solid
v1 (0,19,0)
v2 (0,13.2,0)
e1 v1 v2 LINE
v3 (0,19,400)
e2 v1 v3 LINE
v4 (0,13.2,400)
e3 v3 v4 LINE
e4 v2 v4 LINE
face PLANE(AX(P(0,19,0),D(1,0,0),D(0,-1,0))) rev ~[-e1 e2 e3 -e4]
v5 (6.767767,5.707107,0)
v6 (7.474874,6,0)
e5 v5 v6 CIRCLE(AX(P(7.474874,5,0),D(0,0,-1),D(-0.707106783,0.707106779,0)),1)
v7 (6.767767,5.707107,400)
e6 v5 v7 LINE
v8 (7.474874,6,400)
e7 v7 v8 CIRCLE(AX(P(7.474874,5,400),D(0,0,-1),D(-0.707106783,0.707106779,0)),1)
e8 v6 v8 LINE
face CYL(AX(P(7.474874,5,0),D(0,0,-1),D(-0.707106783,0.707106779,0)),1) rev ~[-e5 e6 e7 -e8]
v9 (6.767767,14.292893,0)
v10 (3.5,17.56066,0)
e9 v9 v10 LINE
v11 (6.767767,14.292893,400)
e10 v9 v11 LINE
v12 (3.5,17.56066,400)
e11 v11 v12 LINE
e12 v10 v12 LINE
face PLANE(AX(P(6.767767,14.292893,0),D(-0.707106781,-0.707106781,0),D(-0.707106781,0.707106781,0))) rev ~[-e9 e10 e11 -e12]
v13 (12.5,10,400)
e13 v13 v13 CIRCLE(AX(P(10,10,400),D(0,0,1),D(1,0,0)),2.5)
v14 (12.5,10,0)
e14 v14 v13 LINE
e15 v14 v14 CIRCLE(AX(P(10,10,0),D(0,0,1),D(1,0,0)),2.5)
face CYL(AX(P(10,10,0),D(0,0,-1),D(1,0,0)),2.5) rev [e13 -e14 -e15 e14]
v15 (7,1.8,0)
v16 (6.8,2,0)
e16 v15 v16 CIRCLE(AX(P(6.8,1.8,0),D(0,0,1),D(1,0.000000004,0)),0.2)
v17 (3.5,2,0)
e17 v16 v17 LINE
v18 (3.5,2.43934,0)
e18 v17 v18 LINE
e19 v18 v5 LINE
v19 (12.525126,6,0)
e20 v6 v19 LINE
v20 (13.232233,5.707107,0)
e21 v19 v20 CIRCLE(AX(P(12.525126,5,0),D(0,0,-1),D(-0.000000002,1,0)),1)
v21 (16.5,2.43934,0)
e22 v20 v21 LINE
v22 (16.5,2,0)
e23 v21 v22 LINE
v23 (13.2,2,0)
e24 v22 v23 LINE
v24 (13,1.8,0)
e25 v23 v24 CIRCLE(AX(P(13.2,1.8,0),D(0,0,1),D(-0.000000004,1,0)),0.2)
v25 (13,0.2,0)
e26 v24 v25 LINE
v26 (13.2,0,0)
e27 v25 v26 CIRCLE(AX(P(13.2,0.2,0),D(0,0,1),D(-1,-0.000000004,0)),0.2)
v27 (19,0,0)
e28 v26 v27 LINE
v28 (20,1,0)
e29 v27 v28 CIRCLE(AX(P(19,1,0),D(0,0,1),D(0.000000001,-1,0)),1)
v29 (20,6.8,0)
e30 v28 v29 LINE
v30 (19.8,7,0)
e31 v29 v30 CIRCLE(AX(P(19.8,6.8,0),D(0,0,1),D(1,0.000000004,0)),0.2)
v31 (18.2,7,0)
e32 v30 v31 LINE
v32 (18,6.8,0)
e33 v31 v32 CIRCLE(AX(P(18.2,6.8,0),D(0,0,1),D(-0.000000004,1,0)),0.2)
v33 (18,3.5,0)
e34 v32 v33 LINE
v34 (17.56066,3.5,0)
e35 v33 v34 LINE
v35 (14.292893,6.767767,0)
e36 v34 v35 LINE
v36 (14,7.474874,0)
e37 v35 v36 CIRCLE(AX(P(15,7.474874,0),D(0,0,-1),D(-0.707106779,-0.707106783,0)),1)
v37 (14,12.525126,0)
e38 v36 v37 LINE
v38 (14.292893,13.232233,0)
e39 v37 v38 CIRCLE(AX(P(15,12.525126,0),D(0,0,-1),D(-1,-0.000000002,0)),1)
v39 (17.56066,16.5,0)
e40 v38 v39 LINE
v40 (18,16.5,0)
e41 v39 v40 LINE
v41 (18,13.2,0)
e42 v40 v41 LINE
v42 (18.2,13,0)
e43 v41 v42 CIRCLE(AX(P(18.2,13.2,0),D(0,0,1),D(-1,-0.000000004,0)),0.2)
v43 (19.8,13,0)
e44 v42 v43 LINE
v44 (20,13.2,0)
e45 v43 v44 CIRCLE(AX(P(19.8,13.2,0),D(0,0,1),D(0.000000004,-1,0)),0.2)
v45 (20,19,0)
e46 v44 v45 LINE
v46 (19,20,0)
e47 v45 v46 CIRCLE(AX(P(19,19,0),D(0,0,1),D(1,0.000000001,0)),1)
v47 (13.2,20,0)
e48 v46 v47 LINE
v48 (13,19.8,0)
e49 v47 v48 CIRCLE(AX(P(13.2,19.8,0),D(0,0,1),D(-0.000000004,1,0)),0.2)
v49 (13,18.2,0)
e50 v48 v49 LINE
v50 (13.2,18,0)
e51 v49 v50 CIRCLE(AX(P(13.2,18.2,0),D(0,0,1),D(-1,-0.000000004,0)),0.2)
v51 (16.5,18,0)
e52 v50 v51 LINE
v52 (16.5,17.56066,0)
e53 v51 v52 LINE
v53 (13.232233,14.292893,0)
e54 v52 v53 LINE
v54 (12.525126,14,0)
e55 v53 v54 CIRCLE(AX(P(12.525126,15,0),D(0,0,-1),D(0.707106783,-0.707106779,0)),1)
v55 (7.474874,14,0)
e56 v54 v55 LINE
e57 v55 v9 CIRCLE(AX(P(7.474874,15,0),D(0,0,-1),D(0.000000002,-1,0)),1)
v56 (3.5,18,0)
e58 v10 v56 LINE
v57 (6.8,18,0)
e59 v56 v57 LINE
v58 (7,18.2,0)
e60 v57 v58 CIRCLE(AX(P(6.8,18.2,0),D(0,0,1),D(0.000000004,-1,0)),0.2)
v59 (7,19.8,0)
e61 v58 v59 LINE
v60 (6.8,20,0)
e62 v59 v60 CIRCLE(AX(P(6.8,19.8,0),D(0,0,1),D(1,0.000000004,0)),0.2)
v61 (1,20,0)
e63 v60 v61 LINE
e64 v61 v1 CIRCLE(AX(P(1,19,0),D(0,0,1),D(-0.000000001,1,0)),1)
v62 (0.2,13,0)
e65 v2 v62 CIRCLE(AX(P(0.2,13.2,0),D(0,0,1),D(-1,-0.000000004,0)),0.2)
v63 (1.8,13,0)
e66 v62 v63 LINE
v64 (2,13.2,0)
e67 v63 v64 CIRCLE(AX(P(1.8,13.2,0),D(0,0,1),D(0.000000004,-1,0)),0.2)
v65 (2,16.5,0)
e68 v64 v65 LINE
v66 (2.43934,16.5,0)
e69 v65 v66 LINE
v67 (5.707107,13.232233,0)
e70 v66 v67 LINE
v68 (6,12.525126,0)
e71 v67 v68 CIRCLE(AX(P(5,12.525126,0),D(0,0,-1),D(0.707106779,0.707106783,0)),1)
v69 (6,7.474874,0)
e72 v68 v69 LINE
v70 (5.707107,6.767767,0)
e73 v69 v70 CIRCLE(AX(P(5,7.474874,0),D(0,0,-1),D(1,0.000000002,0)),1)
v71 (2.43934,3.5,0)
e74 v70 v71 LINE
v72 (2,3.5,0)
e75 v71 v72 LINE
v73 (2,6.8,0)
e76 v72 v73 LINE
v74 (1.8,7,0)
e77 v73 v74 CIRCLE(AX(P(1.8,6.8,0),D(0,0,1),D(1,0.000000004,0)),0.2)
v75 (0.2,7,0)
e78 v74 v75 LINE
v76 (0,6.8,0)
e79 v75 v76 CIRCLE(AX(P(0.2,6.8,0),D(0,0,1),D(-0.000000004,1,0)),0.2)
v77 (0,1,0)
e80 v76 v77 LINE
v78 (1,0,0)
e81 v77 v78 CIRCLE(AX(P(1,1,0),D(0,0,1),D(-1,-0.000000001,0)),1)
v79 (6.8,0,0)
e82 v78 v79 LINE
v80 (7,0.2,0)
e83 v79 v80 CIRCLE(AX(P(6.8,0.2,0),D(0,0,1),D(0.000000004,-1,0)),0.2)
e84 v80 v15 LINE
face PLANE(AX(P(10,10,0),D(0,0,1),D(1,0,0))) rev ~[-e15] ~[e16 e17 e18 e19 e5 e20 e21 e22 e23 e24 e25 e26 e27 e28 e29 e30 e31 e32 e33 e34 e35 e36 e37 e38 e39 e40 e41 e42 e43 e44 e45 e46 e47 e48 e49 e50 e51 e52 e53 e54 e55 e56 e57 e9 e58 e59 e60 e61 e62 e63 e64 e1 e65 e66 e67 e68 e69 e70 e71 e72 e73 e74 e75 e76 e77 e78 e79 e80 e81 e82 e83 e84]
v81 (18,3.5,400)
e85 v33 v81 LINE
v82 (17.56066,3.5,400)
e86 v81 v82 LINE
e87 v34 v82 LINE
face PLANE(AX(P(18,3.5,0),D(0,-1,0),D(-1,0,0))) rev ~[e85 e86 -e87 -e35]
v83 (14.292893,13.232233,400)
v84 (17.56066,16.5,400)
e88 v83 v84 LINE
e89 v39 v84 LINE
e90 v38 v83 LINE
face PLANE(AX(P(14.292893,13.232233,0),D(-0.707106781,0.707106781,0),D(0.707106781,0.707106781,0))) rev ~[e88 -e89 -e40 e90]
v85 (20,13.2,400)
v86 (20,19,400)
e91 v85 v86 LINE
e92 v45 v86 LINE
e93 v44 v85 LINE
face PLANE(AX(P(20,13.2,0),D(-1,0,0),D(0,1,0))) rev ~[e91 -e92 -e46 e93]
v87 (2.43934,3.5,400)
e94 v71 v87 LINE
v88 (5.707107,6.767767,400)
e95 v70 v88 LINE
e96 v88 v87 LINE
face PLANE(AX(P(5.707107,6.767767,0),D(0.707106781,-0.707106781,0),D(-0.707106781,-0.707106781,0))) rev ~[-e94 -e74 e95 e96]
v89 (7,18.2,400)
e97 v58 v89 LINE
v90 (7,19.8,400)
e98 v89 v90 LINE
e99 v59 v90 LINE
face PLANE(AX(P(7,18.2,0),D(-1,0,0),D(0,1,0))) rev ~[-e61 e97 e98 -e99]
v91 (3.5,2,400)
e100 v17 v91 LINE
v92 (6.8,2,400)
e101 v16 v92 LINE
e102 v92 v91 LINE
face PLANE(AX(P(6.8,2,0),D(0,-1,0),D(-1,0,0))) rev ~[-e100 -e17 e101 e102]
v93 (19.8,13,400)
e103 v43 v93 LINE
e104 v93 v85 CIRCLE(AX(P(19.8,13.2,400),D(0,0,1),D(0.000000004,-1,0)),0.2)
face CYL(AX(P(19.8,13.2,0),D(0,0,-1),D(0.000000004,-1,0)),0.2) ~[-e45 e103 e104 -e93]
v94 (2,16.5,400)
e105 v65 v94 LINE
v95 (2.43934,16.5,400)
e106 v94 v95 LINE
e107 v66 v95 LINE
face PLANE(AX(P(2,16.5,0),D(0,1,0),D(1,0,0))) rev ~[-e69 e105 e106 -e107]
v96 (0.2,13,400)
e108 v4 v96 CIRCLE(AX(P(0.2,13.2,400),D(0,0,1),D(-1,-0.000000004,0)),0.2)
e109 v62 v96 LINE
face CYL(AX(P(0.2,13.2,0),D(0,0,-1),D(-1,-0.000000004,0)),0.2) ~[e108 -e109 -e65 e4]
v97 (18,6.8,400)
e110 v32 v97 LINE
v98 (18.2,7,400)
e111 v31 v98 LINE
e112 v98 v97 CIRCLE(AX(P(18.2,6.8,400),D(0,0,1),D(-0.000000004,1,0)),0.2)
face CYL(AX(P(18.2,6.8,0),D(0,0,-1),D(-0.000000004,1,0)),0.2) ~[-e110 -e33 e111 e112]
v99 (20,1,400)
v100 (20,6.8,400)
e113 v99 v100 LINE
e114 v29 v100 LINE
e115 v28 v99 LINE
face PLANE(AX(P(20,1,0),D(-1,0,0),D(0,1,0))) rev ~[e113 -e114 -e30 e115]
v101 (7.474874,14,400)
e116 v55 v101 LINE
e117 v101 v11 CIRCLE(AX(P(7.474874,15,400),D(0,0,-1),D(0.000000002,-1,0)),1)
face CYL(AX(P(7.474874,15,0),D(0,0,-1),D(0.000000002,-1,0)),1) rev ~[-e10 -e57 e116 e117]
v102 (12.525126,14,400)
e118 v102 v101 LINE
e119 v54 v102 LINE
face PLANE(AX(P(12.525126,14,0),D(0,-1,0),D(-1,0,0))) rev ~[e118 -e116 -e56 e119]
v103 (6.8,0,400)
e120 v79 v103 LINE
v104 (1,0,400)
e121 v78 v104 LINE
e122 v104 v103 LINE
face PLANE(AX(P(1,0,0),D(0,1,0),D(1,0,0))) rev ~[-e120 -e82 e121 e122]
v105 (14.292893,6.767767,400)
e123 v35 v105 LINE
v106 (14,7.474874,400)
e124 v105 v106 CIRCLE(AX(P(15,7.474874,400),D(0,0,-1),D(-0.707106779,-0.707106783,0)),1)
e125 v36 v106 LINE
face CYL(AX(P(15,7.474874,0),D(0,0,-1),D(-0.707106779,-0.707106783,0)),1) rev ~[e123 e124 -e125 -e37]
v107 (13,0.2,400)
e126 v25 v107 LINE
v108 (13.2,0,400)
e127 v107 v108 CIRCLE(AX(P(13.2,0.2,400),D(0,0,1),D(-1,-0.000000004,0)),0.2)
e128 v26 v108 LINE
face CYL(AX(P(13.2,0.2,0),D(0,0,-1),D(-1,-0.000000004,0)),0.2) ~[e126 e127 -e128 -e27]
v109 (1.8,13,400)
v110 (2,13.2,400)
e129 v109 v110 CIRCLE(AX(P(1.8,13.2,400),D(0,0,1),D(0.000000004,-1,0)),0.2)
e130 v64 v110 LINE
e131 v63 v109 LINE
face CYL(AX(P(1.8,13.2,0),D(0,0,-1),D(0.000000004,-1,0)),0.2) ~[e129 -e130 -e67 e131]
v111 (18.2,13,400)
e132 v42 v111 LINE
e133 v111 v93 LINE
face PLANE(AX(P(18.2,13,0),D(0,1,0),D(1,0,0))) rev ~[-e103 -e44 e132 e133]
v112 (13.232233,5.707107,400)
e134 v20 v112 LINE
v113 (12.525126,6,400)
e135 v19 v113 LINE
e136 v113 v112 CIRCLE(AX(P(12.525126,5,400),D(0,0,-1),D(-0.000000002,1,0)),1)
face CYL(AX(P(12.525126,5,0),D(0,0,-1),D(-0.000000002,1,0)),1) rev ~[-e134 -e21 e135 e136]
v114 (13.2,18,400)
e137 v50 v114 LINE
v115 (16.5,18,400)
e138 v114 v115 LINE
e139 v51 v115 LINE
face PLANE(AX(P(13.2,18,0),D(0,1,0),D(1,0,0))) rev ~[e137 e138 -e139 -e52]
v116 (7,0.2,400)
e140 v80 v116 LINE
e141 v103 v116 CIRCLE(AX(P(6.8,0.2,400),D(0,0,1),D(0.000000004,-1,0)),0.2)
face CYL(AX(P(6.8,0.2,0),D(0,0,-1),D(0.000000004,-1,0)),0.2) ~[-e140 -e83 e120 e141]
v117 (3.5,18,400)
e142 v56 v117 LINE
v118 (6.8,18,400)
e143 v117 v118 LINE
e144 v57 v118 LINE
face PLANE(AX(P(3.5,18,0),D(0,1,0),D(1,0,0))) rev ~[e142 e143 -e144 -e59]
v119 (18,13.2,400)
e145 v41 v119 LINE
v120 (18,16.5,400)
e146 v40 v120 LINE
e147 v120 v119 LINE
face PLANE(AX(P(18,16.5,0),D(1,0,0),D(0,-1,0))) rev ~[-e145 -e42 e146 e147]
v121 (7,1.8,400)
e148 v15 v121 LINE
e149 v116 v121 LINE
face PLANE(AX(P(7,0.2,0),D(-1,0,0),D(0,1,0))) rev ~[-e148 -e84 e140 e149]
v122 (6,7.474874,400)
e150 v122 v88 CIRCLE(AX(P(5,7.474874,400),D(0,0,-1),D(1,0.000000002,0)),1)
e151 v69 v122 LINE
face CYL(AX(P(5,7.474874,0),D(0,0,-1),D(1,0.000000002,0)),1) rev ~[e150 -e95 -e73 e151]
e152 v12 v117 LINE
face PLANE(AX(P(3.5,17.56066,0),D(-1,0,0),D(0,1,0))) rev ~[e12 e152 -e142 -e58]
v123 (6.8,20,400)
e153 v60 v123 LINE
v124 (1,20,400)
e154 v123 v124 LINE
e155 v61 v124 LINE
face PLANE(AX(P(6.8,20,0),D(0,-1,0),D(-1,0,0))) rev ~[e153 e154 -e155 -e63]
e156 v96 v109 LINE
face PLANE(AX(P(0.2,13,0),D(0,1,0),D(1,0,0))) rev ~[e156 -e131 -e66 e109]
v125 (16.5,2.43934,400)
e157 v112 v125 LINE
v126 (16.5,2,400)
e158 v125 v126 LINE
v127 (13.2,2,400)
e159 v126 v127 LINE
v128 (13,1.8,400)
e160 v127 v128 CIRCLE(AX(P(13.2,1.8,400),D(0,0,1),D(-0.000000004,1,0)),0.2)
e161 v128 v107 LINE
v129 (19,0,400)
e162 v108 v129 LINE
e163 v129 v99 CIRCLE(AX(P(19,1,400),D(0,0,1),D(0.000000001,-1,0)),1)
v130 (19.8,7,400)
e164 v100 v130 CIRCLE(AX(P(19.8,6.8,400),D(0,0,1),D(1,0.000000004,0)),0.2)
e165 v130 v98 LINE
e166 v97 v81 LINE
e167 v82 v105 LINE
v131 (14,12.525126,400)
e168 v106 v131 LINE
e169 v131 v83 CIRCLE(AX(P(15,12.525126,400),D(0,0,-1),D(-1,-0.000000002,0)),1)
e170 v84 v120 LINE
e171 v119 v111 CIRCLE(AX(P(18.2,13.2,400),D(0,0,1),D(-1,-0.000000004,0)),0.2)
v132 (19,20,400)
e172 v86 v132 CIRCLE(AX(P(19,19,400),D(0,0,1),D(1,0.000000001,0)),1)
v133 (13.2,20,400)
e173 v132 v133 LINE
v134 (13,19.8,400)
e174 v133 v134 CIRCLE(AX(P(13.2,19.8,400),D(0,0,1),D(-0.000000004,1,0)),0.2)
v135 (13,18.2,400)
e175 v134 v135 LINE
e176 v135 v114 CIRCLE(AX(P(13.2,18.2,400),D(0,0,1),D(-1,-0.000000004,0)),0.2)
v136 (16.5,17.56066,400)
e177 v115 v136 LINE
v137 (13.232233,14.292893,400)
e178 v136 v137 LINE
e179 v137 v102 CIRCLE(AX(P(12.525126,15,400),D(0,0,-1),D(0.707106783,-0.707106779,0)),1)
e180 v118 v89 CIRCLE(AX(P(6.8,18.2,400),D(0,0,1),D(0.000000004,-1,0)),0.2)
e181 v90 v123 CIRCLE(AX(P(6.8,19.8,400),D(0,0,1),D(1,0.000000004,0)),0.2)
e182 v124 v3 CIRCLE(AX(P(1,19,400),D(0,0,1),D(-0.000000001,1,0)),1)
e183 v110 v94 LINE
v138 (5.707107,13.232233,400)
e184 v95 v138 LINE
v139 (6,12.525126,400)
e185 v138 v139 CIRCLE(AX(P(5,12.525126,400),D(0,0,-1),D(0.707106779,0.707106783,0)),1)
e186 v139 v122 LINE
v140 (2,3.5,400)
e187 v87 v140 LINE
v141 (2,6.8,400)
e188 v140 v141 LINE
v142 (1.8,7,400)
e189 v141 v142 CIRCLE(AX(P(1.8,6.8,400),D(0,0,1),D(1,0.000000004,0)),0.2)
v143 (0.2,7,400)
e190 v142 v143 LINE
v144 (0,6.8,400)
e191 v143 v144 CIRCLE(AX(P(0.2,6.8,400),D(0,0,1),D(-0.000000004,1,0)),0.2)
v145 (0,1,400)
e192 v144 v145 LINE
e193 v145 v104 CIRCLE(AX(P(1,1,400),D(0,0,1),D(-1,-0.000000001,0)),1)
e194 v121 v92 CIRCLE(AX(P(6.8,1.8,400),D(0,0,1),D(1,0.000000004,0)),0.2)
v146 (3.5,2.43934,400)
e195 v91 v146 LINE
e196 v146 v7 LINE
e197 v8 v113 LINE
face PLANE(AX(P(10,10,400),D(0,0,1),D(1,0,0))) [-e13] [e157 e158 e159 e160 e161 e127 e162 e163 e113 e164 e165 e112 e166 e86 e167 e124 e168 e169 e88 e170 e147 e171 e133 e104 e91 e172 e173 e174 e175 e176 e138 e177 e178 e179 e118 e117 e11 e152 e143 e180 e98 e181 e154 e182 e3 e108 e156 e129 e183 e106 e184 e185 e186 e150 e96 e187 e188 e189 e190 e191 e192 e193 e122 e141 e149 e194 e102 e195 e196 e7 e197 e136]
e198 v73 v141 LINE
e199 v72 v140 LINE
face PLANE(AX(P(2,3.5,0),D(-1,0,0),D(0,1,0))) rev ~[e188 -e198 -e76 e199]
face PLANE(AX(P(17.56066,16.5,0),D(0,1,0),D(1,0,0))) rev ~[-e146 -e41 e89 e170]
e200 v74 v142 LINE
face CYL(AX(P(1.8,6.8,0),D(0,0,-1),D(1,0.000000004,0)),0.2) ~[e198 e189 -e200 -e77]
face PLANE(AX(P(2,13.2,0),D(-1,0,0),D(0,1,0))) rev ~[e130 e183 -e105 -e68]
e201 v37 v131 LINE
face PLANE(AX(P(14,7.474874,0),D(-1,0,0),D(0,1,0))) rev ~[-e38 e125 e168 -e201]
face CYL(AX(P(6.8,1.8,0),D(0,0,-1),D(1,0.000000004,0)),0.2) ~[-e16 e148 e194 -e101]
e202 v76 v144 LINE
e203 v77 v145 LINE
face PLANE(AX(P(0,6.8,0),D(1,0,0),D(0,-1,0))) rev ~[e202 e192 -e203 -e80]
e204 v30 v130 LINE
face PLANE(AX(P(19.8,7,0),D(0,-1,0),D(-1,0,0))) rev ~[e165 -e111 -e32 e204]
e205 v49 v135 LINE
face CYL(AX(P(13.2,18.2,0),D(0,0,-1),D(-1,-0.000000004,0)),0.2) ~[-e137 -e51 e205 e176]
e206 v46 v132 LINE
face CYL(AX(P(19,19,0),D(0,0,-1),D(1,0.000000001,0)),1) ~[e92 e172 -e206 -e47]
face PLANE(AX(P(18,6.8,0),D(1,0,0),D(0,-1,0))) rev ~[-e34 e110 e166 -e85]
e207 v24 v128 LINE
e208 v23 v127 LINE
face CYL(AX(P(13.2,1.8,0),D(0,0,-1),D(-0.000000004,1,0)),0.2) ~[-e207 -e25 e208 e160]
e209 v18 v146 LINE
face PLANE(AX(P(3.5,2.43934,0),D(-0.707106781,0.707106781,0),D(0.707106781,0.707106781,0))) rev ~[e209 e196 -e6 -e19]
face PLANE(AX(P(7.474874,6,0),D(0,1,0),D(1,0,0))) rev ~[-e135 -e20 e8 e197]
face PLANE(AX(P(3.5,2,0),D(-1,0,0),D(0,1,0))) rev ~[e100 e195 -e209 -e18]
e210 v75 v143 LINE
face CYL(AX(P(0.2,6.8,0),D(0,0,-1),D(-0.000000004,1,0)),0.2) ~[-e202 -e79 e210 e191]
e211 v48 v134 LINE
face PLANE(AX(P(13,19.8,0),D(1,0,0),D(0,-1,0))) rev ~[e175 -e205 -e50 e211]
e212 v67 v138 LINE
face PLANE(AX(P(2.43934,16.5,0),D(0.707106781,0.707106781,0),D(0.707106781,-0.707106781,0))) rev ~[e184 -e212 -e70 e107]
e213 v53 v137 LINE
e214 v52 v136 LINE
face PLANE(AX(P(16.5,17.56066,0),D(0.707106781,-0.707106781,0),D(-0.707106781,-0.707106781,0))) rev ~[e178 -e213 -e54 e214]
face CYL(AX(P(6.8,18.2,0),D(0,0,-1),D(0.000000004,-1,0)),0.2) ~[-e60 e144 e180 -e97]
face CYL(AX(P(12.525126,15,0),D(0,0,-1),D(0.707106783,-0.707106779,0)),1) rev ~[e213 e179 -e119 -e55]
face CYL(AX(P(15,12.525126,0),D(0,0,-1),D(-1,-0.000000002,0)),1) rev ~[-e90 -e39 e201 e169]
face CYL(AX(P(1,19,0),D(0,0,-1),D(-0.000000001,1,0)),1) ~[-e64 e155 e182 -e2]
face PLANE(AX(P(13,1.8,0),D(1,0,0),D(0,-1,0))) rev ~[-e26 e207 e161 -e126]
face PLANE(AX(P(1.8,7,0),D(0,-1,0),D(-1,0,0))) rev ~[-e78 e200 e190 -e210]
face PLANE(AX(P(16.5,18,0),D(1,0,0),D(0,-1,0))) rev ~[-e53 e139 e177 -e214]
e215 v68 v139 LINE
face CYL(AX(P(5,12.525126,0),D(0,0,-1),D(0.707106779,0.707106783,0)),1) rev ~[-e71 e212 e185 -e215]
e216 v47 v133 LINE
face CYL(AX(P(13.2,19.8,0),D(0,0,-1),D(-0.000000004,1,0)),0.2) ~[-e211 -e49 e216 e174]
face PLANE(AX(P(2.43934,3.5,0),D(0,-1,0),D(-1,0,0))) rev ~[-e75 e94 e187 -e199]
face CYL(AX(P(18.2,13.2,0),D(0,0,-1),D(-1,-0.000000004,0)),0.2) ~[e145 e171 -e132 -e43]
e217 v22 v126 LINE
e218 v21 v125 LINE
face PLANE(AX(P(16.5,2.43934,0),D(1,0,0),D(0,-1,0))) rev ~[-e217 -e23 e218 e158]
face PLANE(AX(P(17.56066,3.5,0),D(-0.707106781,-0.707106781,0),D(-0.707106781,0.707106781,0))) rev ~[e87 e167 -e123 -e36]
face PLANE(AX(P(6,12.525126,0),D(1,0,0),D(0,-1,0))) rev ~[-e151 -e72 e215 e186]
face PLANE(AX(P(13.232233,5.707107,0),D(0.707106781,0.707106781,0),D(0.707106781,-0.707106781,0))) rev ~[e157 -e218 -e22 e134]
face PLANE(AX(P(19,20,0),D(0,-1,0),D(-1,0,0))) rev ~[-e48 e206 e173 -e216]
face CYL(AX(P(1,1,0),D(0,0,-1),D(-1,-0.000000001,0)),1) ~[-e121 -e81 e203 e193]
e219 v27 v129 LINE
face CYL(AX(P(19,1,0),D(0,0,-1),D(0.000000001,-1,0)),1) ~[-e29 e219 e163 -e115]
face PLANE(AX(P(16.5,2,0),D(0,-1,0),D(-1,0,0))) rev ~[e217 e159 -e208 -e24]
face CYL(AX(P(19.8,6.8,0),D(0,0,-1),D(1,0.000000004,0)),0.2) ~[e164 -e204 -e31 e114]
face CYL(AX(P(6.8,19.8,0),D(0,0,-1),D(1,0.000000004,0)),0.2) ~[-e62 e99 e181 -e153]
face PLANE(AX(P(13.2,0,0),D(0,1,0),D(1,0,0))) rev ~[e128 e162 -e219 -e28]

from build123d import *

# Parameters (mm, degrees)
SKETCH1_R           = 2.5
BOSS_EXTRUDE1_DEPTH = 400


with BuildPart() as part:
    # Sketch1 → Boss-Extrude1 (new body)
    with BuildSketch(Plane.XY):
        with BuildLine():
            Line((0.2, 13), (1.8, 13))
            ThreePointArc((1.8, 13), (1.941421356, 13.058578644), (2, 13.2))
            Line((2, 13.2), (2, 16.5))
            Line((2, 16.5), (2.439339828, 16.5))
            Line((2.439339828, 16.5), (5.707106781, 13.232233047))
            ThreePointArc((5.707106781, 13.232233047), (5.923879533, 12.907809698), (6, 12.525126266))
            Line((6, 12.525126266), (6, 7.474873734))
            ThreePointArc((6, 7.474873734), (5.923879533, 7.092190302), (5.707106781, 6.767766953))
            Line((5.707106781, 6.767766953), (2.439339828, 3.5))
            Line((2.439339828, 3.5), (2, 3.5))
            Line((2, 3.5), (2, 6.8))
            ThreePointArc((2, 6.8), (1.941421356, 6.941421356), (1.8, 7))
            Line((1.8, 7), (0.2, 7))
            ThreePointArc((0.2, 7), (0.058578644, 6.941421356), (0, 6.8))
            Line((0, 6.8), (0, 1))
            ThreePointArc((0, 1), (0.292893219, 0.292893219), (1, 0))
            Line((1, 0), (6.8, 0))
            ThreePointArc((6.8, 0), (6.941421356, 0.058578644), (7, 0.2))
            Line((7, 0.2), (7, 1.8))
            ThreePointArc((7, 1.8), (6.941421356, 1.941421356), (6.8, 2))
            Line((6.8, 2), (3.5, 2))
            Line((3.5, 2), (3.5, 2.439339828))
            Line((3.5, 2.439339828), (6.767766953, 5.707106781))
            ThreePointArc((6.767766953, 5.707106781), (7.092190302, 5.923879533), (7.474873734, 6))
            Line((7.474873734, 6), (10, 6))
            Line((10, 6), (12.525126266, 6))
            ThreePointArc((12.525126266, 6), (12.907809698, 5.923879533), (13.232233047, 5.707106781))
            Line((13.232233047, 5.707106781), (16.5, 2.439339828))
            Line((16.5, 2.439339828), (16.5, 2))
            Line((16.5, 2), (13.2, 2))
            ThreePointArc((13.2, 2), (13.058578644, 1.941421356), (13, 1.8))
            Line((13, 1.8), (13, 0.2))
            ThreePointArc((13, 0.2), (13.058578644, 0.058578644), (13.2, 0))
            Line((13.2, 0), (19, 0))
            ThreePointArc((19, 0), (19.707106781, 0.292893219), (20, 1))
            Line((20, 1), (20, 6.8))
            ThreePointArc((20, 6.8), (19.941421356, 6.941421356), (19.8, 7))
            Line((19.8, 7), (18.2, 7))
            ThreePointArc((18.2, 7), (18.058578644, 6.941421356), (18, 6.8))
            Line((18, 6.8), (18, 3.5))
            Line((18, 3.5), (17.560660172, 3.5))
            Line((17.560660172, 3.5), (14.292893219, 6.767766953))
            ThreePointArc((14.292893219, 6.767766953), (14.076120467, 7.092190302), (14, 7.474873734))
            Line((14, 7.474873734), (14, 12.525126266))
            ThreePointArc((14, 12.525126266), (14.076120467, 12.907809698), (14.292893219, 13.232233047))
            Line((14.292893219, 13.232233047), (17.560660172, 16.5))
            Line((17.560660172, 16.5), (18, 16.5))
            Line((18, 16.5), (18, 13.2))
            ThreePointArc((18, 13.2), (18.058578644, 13.058578644), (18.2, 13))
            Line((18.2, 13), (19.8, 13))
            ThreePointArc((19.8, 13), (19.941421356, 13.058578644), (20, 13.2))
            Line((20, 13.2), (20, 19))
            ThreePointArc((20, 19), (19.707106781, 19.707106781), (19, 20))
            Line((19, 20), (13.2, 20))
            ThreePointArc((13.2, 20), (13.058578644, 19.941421356), (13, 19.8))
            Line((13, 19.8), (13, 18.2))
            ThreePointArc((13, 18.2), (13.058578644, 18.058578644), (13.2, 18))
            Line((13.2, 18), (16.5, 18))
            Line((16.5, 18), (16.5, 17.560660172))
            Line((16.5, 17.560660172), (13.232233047, 14.292893219))
            ThreePointArc((13.232233047, 14.292893219), (12.907809698, 14.076120467), (12.525126266, 14))
            Line((12.525126266, 14), (10, 14))
            Line((10, 14), (7.474873734, 14))
            ThreePointArc((7.474873734, 14), (7.092190302, 14.076120467), (6.767766953, 14.292893219))
            Line((6.767766953, 14.292893219), (3.5, 17.560660172))
            Line((3.5, 17.560660172), (3.5, 18))
            Line((3.5, 18), (6.8, 18))
            ThreePointArc((6.8, 18), (6.941421356, 18.058578644), (7, 18.2))
            Line((7, 18.2), (7, 19.8))
            ThreePointArc((7, 19.8), (6.941421356, 19.941421356), (6.8, 20))
            Line((6.8, 20), (1, 20))
            ThreePointArc((1, 20), (0.292893219, 19.707106781), (0, 19))
            Line((0, 19), (0, 13.2))
            ThreePointArc((0, 13.2), (0.058578644, 13.058578644), (0.2, 13))
        make_face()
        with Locations((10, 10)):
            Circle(SKETCH1_R, mode=Mode.SUBTRACT)
    extrude(amount=BOSS_EXTRUDE1_DEPTH)


solid = part.part
